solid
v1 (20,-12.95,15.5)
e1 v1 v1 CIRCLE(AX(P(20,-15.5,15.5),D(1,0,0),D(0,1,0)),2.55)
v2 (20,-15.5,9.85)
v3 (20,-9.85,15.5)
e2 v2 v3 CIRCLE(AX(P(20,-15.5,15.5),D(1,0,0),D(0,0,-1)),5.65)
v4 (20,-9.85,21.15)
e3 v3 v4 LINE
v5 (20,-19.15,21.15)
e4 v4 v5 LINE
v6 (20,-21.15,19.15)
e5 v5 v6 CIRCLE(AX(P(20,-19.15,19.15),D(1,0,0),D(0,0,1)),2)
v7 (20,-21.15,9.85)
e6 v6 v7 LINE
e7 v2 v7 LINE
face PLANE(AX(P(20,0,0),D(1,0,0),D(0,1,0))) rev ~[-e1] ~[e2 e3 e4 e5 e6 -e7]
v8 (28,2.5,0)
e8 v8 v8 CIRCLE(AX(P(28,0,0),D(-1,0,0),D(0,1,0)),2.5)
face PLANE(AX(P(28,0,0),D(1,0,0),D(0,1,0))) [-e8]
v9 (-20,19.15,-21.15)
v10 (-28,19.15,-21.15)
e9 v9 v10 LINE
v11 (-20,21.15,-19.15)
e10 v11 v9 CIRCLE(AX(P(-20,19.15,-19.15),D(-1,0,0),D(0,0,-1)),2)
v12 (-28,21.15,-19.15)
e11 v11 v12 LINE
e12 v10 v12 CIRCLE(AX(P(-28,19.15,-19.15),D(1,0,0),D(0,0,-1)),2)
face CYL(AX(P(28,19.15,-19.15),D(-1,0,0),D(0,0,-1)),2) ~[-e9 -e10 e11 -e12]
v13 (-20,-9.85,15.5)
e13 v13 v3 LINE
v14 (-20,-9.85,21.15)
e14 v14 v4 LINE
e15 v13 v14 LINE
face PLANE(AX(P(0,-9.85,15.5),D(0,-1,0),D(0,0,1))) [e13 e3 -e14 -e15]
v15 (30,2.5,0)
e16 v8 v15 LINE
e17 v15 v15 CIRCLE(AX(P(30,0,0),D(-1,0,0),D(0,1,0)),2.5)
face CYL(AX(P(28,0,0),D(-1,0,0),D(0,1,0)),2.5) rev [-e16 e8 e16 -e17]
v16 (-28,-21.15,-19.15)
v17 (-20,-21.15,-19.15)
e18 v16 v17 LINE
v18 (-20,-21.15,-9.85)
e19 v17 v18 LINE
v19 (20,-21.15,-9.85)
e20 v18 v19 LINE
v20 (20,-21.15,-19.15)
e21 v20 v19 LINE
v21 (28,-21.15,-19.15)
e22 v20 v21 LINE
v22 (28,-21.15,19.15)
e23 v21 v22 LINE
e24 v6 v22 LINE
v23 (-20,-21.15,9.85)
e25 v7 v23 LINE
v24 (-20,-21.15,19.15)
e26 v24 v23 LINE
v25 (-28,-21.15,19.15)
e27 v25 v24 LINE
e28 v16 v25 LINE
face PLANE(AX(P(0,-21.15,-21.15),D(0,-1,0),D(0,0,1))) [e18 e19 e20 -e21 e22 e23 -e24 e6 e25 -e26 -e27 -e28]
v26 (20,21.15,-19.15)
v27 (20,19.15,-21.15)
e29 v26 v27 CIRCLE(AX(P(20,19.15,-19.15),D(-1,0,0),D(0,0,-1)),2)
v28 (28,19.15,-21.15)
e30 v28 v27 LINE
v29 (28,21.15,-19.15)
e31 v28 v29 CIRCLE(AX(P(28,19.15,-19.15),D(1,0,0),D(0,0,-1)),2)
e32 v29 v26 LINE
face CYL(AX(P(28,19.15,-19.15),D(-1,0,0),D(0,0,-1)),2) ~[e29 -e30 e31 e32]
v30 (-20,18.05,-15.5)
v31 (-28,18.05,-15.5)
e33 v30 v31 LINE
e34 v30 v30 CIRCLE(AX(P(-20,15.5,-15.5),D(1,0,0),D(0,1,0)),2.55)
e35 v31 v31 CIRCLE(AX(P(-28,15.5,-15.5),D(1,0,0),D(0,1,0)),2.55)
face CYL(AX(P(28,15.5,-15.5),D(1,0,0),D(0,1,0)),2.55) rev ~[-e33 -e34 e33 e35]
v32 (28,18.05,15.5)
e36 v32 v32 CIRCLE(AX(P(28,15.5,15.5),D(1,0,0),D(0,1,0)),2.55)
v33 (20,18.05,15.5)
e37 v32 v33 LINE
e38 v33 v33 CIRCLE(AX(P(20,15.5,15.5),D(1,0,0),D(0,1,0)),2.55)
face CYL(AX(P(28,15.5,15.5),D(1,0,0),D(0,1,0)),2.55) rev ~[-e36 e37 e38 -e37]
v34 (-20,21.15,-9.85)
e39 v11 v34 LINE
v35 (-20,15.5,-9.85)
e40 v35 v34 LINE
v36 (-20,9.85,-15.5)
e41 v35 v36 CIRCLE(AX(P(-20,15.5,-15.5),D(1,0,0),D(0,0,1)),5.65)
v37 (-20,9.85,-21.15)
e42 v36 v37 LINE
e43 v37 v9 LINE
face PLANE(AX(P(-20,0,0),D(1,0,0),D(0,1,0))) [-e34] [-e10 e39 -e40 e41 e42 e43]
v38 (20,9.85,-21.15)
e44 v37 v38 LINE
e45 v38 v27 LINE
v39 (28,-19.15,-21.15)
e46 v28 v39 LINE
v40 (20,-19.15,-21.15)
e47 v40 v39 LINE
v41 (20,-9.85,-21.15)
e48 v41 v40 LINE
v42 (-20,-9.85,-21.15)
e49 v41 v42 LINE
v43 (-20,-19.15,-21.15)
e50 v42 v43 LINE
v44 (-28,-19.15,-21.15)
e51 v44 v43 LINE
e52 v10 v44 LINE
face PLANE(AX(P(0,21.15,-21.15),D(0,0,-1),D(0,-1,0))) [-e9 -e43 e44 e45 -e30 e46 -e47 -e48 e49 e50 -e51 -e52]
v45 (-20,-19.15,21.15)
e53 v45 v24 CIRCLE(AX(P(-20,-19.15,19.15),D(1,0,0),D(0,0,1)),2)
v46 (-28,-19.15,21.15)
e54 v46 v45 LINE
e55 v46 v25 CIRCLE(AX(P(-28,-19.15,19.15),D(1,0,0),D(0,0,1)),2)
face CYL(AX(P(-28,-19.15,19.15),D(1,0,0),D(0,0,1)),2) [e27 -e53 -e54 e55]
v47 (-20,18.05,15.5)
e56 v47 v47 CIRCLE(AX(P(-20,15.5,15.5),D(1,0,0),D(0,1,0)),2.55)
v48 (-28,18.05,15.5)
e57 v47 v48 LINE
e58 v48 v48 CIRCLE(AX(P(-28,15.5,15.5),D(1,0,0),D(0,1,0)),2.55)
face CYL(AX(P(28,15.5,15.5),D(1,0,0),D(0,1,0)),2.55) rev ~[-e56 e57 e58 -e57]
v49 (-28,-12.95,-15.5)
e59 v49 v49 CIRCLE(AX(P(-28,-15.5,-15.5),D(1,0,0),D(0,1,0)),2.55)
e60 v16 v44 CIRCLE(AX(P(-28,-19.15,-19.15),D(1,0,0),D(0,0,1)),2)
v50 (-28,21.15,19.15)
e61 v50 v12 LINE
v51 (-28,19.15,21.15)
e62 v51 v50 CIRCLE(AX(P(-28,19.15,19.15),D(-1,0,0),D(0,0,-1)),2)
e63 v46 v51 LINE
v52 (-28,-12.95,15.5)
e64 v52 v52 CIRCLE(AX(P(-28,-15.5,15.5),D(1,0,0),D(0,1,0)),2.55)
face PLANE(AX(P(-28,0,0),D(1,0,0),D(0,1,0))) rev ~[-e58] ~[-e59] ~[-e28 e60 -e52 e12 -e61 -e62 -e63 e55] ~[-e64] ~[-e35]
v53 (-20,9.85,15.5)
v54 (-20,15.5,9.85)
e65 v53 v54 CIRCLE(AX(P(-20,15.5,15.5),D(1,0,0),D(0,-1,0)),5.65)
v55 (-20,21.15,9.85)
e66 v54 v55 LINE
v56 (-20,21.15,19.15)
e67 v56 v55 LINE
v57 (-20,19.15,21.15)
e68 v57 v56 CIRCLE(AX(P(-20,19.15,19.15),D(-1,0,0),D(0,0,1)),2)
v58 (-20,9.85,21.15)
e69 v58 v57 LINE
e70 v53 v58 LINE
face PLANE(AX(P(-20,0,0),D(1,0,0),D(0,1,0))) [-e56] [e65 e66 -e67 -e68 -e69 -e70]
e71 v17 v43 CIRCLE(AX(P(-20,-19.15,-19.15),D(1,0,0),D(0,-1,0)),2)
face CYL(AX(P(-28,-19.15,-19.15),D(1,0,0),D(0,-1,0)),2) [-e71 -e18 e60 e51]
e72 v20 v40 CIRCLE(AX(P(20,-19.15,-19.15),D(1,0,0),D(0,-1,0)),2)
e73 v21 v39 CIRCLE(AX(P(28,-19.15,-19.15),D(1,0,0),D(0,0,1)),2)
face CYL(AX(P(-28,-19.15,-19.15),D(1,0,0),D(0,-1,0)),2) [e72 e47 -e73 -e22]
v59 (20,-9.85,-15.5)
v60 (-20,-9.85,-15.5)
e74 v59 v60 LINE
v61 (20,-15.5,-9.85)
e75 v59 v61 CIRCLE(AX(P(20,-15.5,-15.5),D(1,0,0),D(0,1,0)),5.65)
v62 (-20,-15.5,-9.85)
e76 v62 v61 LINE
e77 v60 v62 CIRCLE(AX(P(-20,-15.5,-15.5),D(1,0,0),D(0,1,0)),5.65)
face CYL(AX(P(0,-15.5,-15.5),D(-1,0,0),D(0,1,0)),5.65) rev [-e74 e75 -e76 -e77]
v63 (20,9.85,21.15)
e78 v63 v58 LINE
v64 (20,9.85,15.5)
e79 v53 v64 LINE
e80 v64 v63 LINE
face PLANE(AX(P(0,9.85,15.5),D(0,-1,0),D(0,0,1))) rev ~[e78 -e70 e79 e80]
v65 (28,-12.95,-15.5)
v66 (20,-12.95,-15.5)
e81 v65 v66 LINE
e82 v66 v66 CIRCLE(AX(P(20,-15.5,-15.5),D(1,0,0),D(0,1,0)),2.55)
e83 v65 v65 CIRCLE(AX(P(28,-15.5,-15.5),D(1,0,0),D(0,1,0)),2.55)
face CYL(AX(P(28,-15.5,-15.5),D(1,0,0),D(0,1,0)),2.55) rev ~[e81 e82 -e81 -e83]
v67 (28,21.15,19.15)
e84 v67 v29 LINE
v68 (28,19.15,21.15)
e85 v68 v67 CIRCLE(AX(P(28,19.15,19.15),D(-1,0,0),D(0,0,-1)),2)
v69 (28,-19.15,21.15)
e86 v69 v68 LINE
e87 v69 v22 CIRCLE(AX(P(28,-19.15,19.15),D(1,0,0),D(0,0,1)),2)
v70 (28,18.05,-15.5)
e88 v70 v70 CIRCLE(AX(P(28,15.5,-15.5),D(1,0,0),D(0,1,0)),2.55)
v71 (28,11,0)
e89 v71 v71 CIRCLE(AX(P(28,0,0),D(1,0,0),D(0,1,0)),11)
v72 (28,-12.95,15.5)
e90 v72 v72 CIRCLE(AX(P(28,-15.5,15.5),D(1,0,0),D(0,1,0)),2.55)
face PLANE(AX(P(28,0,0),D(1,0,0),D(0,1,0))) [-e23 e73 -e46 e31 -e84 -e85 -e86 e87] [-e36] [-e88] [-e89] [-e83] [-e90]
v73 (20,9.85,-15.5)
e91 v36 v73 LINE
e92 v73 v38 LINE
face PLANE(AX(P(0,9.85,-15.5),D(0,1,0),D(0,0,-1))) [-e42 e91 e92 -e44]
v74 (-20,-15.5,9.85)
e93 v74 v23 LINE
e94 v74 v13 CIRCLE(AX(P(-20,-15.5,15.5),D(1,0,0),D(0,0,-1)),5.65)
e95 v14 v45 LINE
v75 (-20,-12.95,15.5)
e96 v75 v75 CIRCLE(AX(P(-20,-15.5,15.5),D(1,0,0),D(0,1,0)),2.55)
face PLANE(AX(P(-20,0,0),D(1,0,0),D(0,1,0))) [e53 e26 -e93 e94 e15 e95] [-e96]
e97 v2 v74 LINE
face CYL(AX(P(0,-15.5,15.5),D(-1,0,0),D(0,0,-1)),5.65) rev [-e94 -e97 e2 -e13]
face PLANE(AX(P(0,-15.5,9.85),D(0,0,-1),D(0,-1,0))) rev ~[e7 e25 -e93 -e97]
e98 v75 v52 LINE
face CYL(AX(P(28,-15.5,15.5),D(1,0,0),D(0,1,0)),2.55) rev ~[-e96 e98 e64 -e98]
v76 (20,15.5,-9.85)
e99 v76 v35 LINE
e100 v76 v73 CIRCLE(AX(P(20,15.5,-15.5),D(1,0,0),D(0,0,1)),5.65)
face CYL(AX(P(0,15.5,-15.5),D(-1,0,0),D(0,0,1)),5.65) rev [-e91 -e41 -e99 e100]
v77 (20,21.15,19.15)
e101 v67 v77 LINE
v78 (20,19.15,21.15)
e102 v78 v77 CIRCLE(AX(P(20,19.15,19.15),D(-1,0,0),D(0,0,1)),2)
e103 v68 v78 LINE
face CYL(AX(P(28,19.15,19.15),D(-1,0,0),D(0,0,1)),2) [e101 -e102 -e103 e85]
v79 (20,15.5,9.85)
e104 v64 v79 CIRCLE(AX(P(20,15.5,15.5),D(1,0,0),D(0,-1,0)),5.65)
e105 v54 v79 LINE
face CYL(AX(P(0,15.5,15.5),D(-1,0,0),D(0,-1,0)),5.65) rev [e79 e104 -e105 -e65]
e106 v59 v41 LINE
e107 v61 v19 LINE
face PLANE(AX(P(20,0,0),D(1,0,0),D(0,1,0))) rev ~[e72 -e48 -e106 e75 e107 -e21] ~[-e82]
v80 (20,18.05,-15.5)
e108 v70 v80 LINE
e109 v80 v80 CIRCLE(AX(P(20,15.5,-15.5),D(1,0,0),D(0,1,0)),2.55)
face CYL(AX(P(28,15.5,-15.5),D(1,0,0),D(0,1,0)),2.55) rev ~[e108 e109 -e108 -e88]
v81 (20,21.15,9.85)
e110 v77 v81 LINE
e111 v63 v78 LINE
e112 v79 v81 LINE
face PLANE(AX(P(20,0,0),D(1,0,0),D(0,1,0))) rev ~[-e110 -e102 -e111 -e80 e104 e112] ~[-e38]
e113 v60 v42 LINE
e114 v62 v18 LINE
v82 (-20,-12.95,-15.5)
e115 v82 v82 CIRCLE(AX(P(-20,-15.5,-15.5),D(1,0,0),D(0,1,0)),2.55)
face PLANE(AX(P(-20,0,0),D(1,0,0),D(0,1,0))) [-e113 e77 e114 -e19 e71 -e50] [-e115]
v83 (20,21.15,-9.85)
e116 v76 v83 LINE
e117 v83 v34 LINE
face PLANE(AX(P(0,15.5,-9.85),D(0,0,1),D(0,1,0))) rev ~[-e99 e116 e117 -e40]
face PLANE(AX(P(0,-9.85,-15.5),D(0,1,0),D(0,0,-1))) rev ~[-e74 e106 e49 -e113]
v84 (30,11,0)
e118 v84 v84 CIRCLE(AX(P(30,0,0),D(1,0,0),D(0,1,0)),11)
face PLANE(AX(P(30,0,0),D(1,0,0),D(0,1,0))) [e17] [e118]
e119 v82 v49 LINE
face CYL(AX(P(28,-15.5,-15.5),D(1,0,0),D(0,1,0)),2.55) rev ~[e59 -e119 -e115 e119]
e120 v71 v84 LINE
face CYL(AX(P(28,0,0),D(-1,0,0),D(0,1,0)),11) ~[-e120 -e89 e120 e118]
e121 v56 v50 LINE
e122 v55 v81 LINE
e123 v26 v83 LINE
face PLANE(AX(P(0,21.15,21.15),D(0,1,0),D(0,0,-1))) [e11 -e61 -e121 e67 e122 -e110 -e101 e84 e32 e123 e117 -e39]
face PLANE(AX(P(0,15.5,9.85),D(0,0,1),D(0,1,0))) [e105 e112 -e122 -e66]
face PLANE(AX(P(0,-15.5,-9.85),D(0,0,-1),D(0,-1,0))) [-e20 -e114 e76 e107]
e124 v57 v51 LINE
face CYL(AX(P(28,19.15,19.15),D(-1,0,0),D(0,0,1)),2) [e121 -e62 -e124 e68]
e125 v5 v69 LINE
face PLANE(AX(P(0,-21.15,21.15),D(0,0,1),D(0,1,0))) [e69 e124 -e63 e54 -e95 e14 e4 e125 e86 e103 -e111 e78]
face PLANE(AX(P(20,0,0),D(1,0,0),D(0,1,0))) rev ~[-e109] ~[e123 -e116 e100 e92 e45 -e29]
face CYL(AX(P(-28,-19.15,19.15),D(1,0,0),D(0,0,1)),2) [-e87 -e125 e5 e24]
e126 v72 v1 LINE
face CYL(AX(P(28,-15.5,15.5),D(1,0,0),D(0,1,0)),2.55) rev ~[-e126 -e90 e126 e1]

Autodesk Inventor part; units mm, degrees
ref_plane "XZ Plane" through (0, 0, 0) normal (0, 1, 0) x (-1, 0, 0)
ref_plane "XY Plane" through (0, 0, 0) normal (0, 0, 1) x (1, 0, 0)
sketch "Sketch1" plane through (0, 0, 0) normal (1, 0, 0) x (0, 1, 0)
  line L0 (-21.15, 21.15) -> (21.15, 21.15)
  line L1 (21.15, 21.15) -> (21.15, -21.15)
  line L2 (21.15, -21.15) -> (-21.15, -21.15)
  line L3 (-21.15, -21.15) -> (-21.15, 21.15)
  point P0 (0, 0)
  point P1 (0, 21.15)
  point P2 (21.15, 0)
  dimension "d0" = 42.3
  dimension "d1" = 42.3
extrude "Extrusion1" add sketch "Sketch1" along normal mid plane 56
ref_plane "Work Plane1" through (28, 0, 0) normal (1, 0, 0) x (0, 1, 0)
sketch "Sketch2" plane through (28, 0, 0) normal (1, 0, 0) x (0, 1, 0)
  circle A0 centre (0, 0) radius 11
  circle A1 centre (0, 0) radius 2.5
  circle A2 centre (15.5, 15.5) radius 2.55
  line L0 (21.15, -21.15) -> (21.15, 21.15) construction
  line L1 (21.15, 0) -> (0, 0) construction
  line L2 (0, 0) -> (0, 21.15) construction
  line L3 (21.15, 21.15) -> (-21.15, 21.15) construction
  circle A3 centre (15.5, -15.5) radius 2.55
  circle A4 centre (-15.5, 15.5) radius 2.55
  circle A5 centre (-15.5, -15.5) radius 2.55
  line L4 (1, 2.2913) -> (1, -2.2913)
  dimension "d5" = 22
  dimension "d6" = 5
  dimension "d15" = 5.1
  dimension "d16" = 31
  dimension "d17" = 31
  dimension "d20" = 1
extrude "Extrusion2" add sketch "Sketch2" along normal blind 2 contours A0
fillet "Fillet1" radius 2 1 edges at (0, 21.15, 21.15)
pattern_circular "Circular Pattern1" count 4 over 360 about axis through (28, 0, 0) along (1, 0, 0) of "Fillet1"
extrude "Extrusion4" cut sketch "Sketch2" against normal through all contours A2 | A3 | A4 | A5
sketch "Sketch3" plane through (0, 0, 0) normal (1, 0, 0) x (0, 1, 0)
  circle A0 centre (-15.5, 15.5) radius 2.55 construction
  circle A1 centre (15.5, 15.5) radius 2.55 construction
  circle A2 centre (-15.5, -15.5) radius 2.55 construction
  circle A3 centre (15.5, -15.5) radius 2.55 construction
  arc A4 (19.15, -21.15) -> (21.15, -19.15) centre (19.15, -19.15) ccw construction
  line L0 (21.15, -19.15) -> (21.15, 19.15) construction
  arc A5 (21.15, 19.15) -> (19.15, 21.15) centre (19.15, 19.15) ccw construction
  line L1 (19.15, 21.15) -> (-19.15, 21.15) construction
  arc A6 (-19.15, 21.15) -> (-21.15, 19.15) centre (-19.15, 19.15) ccw construction
  line L2 (-21.15, 19.15) -> (-21.15, -19.15) construction
  arc A7 (-21.15, -19.15) -> (-19.15, -21.15) centre (-19.15, -19.15) ccw construction
  line L3 (-19.15, -21.15) -> (19.15, -21.15) construction
  circle A8 centre (0, 0) radius 11 construction
  circle A9 centre (15.5, 15.5) radius 5.65 construction
  line L4 (-19.15, 21.15) -> (19.15, 21.15) construction
  line L5 (0, 21.15) -> (0, 0) construction
  line L6 (0, 0) -> (21.15, 0) construction
  line L7 (9.85, 15.5) -> (9.85, 21.15)
  line L8 (9.85, 21.15) -> (21.15, 21.15)
  line L9 (21.15, 21.15) -> (21.15, 9.85)
  line L10 (15.5, 9.85) -> (21.15, 9.85)
  arc A10 (9.85, 15.5) -> (15.5, 9.85) centre (15.5, 15.5) ccw
  circle A11 centre (15.5, -15.5) radius 2.55 construction
  arc A12 (19.15, -21.15) -> (21.15, -19.15) centre (19.15, -19.15) ccw construction
  circle A13 centre (0, 0) radius 11 construction
  circle A14 centre (15.5, -15.5) radius 5.65 construction
  line L11 (-19.15, -21.15) -> (19.15, -21.15) construction
  line L12 (9.85, -15.5) -> (9.85, -21.15)
  line L13 (9.85, -21.15) -> (21.15, -21.15)
  line L14 (21.15, -21.15) -> (21.15, -9.85)
  line L15 (15.5, -9.85) -> (21.15, -9.85)
  arc A15 (15.5, -9.85) -> (9.85, -15.5) centre (15.5, -15.5) ccw
  circle A16 centre (-15.5, 15.5) radius 2.55 construction
  circle A17 centre (-15.5, -15.5) radius 2.55 construction
  arc A18 (-21.15, -19.15) -> (-19.15, -21.15) centre (-19.15, -19.15) ccw construction
  arc A19 (-19.15, 21.15) -> (-21.15, 19.15) centre (-19.15, 19.15) ccw construction
  line L16 (19.15, -21.15) -> (-19.15, -21.15) construction
  circle A20 centre (-15.5, 15.5) radius 5.65 construction
  line L17 (-9.85, 15.5) -> (-9.85, 21.15)
  line L18 (-9.85, 21.15) -> (-21.15, 21.15)
  line L19 (-21.15, 21.15) -> (-21.15, 9.85)
  line L20 (-15.5, 9.85) -> (-21.15, 9.85)
  arc A21 (-15.5, 9.85) -> (-9.85, 15.5) centre (-15.5, 15.5) ccw
  circle A22 centre (-15.5, -15.5) radius 2.55 construction
  circle A23 centre (0, 0) radius 11 construction
  line L21 (-15.5, -9.85) -> (-21.15, -9.85)
  arc A24 (-9.85, -15.5) -> (-15.5, -9.85) centre (-15.5, -15.5) ccw
  line L22 (-9.85, -15.5) -> (-9.85, -21.15)
  line L23 (-21.15, -21.15) -> (-21.15, -9.85)
  line L24 (-9.85, -21.15) -> (-21.15, -21.15)
  arc A25 (-21.15, -19.15) -> (-19.15, -21.15) centre (-19.15, -19.15) ccw construction
  circle A26 centre (-15.5, -15.5) radius 5.65 construction
  point P0 (-21.15, 0)
  dimension "d25" = 11.3
extrude "Extrusion6" cut sketch "Sketch3" along normal mid plane 40
properties part number "stepper"
